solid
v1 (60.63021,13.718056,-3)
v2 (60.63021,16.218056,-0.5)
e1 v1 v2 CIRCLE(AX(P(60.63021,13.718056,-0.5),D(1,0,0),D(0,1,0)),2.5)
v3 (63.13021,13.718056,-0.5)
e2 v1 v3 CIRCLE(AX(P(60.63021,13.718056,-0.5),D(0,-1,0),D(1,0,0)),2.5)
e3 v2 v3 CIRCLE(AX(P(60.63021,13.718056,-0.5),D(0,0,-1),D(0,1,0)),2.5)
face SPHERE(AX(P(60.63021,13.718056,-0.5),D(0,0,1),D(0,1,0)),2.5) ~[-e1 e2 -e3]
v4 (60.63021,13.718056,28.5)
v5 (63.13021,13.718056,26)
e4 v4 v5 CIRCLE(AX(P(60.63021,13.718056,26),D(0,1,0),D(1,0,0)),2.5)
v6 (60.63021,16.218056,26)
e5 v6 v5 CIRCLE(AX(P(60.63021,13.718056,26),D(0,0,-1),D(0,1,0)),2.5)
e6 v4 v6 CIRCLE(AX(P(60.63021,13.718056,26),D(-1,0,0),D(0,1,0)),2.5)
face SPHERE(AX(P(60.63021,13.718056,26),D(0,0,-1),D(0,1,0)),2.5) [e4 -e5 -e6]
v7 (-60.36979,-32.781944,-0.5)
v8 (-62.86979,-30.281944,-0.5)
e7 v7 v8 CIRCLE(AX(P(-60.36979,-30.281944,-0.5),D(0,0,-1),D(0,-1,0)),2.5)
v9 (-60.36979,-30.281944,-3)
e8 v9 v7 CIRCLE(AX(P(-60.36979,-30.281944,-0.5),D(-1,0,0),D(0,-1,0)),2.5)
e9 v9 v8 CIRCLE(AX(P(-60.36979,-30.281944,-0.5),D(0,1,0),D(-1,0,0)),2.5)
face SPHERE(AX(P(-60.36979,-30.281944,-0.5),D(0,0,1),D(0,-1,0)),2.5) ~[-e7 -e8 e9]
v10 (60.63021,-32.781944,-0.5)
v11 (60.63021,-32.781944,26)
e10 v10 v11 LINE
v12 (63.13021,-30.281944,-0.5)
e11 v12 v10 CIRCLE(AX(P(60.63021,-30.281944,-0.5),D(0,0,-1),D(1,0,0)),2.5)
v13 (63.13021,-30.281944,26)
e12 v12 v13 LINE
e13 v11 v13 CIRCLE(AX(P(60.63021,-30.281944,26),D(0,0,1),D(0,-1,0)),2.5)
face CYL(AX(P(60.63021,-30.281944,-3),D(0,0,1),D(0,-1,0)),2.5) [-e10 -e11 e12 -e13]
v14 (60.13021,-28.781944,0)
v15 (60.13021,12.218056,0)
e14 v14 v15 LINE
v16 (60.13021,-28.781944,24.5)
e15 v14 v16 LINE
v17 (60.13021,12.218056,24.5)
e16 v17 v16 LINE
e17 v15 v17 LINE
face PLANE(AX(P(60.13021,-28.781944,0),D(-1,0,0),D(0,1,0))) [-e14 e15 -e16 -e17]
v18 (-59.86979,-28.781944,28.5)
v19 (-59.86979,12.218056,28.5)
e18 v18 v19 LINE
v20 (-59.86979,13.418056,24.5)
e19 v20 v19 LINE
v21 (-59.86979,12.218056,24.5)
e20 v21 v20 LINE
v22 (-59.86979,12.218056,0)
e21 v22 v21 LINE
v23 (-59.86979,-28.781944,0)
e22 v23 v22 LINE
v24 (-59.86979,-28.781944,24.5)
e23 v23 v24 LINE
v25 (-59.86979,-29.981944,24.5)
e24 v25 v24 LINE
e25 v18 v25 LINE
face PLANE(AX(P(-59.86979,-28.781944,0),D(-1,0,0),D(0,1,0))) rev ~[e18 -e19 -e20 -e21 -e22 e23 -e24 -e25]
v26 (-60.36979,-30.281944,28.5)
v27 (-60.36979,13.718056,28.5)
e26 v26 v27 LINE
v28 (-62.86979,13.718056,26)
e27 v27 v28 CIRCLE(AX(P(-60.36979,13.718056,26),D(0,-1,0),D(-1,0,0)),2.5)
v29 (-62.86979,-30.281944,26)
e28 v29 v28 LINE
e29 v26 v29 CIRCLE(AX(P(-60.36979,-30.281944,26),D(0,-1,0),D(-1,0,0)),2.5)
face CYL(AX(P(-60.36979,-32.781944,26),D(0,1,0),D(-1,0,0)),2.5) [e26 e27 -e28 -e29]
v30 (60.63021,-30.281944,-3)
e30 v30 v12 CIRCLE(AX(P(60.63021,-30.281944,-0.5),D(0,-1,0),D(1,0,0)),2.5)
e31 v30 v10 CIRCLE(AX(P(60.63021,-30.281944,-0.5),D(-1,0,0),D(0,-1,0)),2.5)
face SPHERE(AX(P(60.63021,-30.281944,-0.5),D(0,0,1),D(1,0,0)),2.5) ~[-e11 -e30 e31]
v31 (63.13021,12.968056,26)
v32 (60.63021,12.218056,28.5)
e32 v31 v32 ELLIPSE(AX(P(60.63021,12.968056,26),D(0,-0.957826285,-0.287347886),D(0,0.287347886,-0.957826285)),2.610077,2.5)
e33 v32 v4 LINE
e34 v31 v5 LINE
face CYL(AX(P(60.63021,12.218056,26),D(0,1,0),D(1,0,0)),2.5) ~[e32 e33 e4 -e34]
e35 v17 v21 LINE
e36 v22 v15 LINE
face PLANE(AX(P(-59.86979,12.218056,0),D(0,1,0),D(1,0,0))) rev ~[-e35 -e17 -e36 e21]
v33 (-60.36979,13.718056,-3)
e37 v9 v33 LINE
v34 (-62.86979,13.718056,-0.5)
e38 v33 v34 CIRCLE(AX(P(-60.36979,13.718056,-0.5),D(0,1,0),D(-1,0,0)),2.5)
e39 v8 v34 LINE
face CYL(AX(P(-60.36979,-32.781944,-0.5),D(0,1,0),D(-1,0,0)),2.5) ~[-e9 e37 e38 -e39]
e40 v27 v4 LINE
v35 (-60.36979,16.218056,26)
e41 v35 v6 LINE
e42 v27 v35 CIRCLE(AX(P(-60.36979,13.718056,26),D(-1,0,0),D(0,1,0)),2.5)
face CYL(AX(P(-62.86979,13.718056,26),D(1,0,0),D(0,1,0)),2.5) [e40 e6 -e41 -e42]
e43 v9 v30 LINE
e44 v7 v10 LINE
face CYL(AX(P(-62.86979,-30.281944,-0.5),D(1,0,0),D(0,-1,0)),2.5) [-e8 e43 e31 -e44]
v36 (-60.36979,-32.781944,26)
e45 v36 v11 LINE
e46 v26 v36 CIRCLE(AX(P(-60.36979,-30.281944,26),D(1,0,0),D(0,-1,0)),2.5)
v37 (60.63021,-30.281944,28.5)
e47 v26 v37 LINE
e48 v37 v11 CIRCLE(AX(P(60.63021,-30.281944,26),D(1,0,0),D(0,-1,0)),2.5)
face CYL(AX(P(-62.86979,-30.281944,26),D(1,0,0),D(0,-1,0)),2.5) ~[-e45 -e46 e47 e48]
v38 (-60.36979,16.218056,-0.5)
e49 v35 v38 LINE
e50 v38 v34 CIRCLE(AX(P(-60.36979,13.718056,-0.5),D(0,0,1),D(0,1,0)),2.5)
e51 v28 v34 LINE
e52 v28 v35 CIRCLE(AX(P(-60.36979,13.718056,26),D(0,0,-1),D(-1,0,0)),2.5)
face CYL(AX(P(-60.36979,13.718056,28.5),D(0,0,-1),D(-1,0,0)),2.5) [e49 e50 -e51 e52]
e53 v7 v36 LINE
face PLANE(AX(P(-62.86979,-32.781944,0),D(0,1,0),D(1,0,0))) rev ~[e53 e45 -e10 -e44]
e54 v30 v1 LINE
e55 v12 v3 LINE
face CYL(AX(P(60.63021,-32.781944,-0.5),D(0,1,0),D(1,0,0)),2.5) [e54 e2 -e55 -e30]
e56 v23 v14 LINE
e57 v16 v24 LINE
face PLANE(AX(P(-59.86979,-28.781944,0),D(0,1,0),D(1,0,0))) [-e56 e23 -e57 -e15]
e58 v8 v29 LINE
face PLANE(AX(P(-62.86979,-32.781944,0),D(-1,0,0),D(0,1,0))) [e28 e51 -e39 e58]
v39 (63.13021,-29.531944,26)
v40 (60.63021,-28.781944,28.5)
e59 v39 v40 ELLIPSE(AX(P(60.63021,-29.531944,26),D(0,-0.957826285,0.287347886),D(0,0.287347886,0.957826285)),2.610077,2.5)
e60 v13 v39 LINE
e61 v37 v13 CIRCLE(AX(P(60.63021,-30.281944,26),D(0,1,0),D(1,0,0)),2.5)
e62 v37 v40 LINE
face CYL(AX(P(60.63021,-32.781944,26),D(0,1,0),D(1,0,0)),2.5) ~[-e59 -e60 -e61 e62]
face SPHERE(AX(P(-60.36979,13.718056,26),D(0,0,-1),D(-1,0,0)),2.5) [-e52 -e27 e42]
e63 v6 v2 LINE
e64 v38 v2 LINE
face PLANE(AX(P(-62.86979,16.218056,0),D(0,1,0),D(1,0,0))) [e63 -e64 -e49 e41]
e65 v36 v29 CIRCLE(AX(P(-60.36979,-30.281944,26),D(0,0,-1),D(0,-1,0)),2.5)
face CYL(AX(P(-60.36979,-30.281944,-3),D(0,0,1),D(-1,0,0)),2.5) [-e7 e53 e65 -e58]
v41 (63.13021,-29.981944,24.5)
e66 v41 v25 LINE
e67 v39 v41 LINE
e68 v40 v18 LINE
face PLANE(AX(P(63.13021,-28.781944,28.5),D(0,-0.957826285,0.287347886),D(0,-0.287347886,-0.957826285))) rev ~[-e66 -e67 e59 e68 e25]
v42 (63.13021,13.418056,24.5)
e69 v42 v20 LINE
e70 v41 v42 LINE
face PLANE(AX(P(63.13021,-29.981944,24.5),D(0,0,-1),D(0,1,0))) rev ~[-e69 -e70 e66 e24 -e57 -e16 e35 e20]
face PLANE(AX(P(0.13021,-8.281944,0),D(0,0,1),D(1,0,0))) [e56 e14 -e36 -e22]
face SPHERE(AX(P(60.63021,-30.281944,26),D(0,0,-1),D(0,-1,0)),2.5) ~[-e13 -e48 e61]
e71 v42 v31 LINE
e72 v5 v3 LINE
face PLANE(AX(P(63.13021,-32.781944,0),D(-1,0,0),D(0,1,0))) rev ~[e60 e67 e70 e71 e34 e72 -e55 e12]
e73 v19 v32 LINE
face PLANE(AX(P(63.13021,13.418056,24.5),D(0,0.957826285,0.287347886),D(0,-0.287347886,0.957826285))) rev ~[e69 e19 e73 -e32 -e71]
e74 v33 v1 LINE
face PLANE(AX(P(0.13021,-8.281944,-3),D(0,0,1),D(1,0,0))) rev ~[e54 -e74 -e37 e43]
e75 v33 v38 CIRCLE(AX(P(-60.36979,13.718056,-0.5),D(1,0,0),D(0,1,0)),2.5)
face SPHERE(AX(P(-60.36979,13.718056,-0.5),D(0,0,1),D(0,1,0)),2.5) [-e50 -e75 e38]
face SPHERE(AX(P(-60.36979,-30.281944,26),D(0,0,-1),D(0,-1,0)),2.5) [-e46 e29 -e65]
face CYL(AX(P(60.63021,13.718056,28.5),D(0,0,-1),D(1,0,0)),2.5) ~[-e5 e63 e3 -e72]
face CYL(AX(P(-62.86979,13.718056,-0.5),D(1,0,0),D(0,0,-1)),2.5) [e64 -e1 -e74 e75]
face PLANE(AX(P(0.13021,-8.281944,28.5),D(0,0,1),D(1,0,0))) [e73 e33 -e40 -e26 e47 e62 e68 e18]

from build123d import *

# Parameters (mm, degrees)
F1_W     = 126
F1_H     = 49
F1_W_2   = 120
F1_H_2   = 41
F2_DEPTH = 3
F3_DEPTH = 28.5
F5_DEPTH = 123
F6_R     = 2.5


with BuildPart() as f2:
    # F1 (on Top) → F2 (new body)
    with BuildSketch(Plane.XY):
        with Locations((0.1302100548, -8.2819438625)):
            Rectangle(F1_W, F1_H)
        with Locations((0.1302100548, -8.2819438625)):
            Rectangle(F1_W_2, F1_H_2, mode=Mode.SUBTRACT)
        with Locations((0.1302100548, -8.2819438625)):
            Rectangle(F1_W_2, F1_H_2)
    extrude(amount=-F2_DEPTH)

    # F1 (on Top) → F3 (join)
    with BuildSketch(Plane.XY):
        with Locations((0.1302100548, -8.2819438625)):
            Rectangle(F1_W, F1_H)
        with Locations((0.1302100548, -8.2819438625)):
            Rectangle(F1_W_2, F1_H_2, mode=Mode.SUBTRACT)
    extrude(amount=F3_DEPTH)

    # F4 (on face) → F5 (cut)
    with BuildSketch(Plane.YZ.offset(63.1302100548)):
        Polygon((12.2180561375, 28.5), (-28.7819438625, 28.5), (-29.9819438625, 24.5), (-28.7819438625, 24.5), (12.2180561375, 24.5), (13.4180561375, 24.5), align=None)
    extrude(amount=-F5_DEPTH, mode=Mode.SUBTRACT)

    # F6
    f6_edges = [f2.edges().sort_by_distance(p)[0] for p in [
        (63.13021, -32.781944, 12.75),
        (63.13021, 16.218056, 12.75),
        (-62.86979, -32.781944, 12.75),
        (-62.86979, 16.218056, 12.75),
        (0.13021, 16.218056, -3),
        (63.13021, -8.281944, -3),
        (0.13021, -32.781944, -3),
        (-62.86979, -8.281944, -3),
        (0.13021, -32.781944, 28.5),
        (-62.86979, -8.281944, 28.5),
        (0.13021, 16.218056, 28.5),
        (63.13021, 14.218056, 28.5),
        (63.13021, -30.781944, 28.5),
    ]]
    fillet(f6_edges, radius=F6_R)


solid = f2.part
